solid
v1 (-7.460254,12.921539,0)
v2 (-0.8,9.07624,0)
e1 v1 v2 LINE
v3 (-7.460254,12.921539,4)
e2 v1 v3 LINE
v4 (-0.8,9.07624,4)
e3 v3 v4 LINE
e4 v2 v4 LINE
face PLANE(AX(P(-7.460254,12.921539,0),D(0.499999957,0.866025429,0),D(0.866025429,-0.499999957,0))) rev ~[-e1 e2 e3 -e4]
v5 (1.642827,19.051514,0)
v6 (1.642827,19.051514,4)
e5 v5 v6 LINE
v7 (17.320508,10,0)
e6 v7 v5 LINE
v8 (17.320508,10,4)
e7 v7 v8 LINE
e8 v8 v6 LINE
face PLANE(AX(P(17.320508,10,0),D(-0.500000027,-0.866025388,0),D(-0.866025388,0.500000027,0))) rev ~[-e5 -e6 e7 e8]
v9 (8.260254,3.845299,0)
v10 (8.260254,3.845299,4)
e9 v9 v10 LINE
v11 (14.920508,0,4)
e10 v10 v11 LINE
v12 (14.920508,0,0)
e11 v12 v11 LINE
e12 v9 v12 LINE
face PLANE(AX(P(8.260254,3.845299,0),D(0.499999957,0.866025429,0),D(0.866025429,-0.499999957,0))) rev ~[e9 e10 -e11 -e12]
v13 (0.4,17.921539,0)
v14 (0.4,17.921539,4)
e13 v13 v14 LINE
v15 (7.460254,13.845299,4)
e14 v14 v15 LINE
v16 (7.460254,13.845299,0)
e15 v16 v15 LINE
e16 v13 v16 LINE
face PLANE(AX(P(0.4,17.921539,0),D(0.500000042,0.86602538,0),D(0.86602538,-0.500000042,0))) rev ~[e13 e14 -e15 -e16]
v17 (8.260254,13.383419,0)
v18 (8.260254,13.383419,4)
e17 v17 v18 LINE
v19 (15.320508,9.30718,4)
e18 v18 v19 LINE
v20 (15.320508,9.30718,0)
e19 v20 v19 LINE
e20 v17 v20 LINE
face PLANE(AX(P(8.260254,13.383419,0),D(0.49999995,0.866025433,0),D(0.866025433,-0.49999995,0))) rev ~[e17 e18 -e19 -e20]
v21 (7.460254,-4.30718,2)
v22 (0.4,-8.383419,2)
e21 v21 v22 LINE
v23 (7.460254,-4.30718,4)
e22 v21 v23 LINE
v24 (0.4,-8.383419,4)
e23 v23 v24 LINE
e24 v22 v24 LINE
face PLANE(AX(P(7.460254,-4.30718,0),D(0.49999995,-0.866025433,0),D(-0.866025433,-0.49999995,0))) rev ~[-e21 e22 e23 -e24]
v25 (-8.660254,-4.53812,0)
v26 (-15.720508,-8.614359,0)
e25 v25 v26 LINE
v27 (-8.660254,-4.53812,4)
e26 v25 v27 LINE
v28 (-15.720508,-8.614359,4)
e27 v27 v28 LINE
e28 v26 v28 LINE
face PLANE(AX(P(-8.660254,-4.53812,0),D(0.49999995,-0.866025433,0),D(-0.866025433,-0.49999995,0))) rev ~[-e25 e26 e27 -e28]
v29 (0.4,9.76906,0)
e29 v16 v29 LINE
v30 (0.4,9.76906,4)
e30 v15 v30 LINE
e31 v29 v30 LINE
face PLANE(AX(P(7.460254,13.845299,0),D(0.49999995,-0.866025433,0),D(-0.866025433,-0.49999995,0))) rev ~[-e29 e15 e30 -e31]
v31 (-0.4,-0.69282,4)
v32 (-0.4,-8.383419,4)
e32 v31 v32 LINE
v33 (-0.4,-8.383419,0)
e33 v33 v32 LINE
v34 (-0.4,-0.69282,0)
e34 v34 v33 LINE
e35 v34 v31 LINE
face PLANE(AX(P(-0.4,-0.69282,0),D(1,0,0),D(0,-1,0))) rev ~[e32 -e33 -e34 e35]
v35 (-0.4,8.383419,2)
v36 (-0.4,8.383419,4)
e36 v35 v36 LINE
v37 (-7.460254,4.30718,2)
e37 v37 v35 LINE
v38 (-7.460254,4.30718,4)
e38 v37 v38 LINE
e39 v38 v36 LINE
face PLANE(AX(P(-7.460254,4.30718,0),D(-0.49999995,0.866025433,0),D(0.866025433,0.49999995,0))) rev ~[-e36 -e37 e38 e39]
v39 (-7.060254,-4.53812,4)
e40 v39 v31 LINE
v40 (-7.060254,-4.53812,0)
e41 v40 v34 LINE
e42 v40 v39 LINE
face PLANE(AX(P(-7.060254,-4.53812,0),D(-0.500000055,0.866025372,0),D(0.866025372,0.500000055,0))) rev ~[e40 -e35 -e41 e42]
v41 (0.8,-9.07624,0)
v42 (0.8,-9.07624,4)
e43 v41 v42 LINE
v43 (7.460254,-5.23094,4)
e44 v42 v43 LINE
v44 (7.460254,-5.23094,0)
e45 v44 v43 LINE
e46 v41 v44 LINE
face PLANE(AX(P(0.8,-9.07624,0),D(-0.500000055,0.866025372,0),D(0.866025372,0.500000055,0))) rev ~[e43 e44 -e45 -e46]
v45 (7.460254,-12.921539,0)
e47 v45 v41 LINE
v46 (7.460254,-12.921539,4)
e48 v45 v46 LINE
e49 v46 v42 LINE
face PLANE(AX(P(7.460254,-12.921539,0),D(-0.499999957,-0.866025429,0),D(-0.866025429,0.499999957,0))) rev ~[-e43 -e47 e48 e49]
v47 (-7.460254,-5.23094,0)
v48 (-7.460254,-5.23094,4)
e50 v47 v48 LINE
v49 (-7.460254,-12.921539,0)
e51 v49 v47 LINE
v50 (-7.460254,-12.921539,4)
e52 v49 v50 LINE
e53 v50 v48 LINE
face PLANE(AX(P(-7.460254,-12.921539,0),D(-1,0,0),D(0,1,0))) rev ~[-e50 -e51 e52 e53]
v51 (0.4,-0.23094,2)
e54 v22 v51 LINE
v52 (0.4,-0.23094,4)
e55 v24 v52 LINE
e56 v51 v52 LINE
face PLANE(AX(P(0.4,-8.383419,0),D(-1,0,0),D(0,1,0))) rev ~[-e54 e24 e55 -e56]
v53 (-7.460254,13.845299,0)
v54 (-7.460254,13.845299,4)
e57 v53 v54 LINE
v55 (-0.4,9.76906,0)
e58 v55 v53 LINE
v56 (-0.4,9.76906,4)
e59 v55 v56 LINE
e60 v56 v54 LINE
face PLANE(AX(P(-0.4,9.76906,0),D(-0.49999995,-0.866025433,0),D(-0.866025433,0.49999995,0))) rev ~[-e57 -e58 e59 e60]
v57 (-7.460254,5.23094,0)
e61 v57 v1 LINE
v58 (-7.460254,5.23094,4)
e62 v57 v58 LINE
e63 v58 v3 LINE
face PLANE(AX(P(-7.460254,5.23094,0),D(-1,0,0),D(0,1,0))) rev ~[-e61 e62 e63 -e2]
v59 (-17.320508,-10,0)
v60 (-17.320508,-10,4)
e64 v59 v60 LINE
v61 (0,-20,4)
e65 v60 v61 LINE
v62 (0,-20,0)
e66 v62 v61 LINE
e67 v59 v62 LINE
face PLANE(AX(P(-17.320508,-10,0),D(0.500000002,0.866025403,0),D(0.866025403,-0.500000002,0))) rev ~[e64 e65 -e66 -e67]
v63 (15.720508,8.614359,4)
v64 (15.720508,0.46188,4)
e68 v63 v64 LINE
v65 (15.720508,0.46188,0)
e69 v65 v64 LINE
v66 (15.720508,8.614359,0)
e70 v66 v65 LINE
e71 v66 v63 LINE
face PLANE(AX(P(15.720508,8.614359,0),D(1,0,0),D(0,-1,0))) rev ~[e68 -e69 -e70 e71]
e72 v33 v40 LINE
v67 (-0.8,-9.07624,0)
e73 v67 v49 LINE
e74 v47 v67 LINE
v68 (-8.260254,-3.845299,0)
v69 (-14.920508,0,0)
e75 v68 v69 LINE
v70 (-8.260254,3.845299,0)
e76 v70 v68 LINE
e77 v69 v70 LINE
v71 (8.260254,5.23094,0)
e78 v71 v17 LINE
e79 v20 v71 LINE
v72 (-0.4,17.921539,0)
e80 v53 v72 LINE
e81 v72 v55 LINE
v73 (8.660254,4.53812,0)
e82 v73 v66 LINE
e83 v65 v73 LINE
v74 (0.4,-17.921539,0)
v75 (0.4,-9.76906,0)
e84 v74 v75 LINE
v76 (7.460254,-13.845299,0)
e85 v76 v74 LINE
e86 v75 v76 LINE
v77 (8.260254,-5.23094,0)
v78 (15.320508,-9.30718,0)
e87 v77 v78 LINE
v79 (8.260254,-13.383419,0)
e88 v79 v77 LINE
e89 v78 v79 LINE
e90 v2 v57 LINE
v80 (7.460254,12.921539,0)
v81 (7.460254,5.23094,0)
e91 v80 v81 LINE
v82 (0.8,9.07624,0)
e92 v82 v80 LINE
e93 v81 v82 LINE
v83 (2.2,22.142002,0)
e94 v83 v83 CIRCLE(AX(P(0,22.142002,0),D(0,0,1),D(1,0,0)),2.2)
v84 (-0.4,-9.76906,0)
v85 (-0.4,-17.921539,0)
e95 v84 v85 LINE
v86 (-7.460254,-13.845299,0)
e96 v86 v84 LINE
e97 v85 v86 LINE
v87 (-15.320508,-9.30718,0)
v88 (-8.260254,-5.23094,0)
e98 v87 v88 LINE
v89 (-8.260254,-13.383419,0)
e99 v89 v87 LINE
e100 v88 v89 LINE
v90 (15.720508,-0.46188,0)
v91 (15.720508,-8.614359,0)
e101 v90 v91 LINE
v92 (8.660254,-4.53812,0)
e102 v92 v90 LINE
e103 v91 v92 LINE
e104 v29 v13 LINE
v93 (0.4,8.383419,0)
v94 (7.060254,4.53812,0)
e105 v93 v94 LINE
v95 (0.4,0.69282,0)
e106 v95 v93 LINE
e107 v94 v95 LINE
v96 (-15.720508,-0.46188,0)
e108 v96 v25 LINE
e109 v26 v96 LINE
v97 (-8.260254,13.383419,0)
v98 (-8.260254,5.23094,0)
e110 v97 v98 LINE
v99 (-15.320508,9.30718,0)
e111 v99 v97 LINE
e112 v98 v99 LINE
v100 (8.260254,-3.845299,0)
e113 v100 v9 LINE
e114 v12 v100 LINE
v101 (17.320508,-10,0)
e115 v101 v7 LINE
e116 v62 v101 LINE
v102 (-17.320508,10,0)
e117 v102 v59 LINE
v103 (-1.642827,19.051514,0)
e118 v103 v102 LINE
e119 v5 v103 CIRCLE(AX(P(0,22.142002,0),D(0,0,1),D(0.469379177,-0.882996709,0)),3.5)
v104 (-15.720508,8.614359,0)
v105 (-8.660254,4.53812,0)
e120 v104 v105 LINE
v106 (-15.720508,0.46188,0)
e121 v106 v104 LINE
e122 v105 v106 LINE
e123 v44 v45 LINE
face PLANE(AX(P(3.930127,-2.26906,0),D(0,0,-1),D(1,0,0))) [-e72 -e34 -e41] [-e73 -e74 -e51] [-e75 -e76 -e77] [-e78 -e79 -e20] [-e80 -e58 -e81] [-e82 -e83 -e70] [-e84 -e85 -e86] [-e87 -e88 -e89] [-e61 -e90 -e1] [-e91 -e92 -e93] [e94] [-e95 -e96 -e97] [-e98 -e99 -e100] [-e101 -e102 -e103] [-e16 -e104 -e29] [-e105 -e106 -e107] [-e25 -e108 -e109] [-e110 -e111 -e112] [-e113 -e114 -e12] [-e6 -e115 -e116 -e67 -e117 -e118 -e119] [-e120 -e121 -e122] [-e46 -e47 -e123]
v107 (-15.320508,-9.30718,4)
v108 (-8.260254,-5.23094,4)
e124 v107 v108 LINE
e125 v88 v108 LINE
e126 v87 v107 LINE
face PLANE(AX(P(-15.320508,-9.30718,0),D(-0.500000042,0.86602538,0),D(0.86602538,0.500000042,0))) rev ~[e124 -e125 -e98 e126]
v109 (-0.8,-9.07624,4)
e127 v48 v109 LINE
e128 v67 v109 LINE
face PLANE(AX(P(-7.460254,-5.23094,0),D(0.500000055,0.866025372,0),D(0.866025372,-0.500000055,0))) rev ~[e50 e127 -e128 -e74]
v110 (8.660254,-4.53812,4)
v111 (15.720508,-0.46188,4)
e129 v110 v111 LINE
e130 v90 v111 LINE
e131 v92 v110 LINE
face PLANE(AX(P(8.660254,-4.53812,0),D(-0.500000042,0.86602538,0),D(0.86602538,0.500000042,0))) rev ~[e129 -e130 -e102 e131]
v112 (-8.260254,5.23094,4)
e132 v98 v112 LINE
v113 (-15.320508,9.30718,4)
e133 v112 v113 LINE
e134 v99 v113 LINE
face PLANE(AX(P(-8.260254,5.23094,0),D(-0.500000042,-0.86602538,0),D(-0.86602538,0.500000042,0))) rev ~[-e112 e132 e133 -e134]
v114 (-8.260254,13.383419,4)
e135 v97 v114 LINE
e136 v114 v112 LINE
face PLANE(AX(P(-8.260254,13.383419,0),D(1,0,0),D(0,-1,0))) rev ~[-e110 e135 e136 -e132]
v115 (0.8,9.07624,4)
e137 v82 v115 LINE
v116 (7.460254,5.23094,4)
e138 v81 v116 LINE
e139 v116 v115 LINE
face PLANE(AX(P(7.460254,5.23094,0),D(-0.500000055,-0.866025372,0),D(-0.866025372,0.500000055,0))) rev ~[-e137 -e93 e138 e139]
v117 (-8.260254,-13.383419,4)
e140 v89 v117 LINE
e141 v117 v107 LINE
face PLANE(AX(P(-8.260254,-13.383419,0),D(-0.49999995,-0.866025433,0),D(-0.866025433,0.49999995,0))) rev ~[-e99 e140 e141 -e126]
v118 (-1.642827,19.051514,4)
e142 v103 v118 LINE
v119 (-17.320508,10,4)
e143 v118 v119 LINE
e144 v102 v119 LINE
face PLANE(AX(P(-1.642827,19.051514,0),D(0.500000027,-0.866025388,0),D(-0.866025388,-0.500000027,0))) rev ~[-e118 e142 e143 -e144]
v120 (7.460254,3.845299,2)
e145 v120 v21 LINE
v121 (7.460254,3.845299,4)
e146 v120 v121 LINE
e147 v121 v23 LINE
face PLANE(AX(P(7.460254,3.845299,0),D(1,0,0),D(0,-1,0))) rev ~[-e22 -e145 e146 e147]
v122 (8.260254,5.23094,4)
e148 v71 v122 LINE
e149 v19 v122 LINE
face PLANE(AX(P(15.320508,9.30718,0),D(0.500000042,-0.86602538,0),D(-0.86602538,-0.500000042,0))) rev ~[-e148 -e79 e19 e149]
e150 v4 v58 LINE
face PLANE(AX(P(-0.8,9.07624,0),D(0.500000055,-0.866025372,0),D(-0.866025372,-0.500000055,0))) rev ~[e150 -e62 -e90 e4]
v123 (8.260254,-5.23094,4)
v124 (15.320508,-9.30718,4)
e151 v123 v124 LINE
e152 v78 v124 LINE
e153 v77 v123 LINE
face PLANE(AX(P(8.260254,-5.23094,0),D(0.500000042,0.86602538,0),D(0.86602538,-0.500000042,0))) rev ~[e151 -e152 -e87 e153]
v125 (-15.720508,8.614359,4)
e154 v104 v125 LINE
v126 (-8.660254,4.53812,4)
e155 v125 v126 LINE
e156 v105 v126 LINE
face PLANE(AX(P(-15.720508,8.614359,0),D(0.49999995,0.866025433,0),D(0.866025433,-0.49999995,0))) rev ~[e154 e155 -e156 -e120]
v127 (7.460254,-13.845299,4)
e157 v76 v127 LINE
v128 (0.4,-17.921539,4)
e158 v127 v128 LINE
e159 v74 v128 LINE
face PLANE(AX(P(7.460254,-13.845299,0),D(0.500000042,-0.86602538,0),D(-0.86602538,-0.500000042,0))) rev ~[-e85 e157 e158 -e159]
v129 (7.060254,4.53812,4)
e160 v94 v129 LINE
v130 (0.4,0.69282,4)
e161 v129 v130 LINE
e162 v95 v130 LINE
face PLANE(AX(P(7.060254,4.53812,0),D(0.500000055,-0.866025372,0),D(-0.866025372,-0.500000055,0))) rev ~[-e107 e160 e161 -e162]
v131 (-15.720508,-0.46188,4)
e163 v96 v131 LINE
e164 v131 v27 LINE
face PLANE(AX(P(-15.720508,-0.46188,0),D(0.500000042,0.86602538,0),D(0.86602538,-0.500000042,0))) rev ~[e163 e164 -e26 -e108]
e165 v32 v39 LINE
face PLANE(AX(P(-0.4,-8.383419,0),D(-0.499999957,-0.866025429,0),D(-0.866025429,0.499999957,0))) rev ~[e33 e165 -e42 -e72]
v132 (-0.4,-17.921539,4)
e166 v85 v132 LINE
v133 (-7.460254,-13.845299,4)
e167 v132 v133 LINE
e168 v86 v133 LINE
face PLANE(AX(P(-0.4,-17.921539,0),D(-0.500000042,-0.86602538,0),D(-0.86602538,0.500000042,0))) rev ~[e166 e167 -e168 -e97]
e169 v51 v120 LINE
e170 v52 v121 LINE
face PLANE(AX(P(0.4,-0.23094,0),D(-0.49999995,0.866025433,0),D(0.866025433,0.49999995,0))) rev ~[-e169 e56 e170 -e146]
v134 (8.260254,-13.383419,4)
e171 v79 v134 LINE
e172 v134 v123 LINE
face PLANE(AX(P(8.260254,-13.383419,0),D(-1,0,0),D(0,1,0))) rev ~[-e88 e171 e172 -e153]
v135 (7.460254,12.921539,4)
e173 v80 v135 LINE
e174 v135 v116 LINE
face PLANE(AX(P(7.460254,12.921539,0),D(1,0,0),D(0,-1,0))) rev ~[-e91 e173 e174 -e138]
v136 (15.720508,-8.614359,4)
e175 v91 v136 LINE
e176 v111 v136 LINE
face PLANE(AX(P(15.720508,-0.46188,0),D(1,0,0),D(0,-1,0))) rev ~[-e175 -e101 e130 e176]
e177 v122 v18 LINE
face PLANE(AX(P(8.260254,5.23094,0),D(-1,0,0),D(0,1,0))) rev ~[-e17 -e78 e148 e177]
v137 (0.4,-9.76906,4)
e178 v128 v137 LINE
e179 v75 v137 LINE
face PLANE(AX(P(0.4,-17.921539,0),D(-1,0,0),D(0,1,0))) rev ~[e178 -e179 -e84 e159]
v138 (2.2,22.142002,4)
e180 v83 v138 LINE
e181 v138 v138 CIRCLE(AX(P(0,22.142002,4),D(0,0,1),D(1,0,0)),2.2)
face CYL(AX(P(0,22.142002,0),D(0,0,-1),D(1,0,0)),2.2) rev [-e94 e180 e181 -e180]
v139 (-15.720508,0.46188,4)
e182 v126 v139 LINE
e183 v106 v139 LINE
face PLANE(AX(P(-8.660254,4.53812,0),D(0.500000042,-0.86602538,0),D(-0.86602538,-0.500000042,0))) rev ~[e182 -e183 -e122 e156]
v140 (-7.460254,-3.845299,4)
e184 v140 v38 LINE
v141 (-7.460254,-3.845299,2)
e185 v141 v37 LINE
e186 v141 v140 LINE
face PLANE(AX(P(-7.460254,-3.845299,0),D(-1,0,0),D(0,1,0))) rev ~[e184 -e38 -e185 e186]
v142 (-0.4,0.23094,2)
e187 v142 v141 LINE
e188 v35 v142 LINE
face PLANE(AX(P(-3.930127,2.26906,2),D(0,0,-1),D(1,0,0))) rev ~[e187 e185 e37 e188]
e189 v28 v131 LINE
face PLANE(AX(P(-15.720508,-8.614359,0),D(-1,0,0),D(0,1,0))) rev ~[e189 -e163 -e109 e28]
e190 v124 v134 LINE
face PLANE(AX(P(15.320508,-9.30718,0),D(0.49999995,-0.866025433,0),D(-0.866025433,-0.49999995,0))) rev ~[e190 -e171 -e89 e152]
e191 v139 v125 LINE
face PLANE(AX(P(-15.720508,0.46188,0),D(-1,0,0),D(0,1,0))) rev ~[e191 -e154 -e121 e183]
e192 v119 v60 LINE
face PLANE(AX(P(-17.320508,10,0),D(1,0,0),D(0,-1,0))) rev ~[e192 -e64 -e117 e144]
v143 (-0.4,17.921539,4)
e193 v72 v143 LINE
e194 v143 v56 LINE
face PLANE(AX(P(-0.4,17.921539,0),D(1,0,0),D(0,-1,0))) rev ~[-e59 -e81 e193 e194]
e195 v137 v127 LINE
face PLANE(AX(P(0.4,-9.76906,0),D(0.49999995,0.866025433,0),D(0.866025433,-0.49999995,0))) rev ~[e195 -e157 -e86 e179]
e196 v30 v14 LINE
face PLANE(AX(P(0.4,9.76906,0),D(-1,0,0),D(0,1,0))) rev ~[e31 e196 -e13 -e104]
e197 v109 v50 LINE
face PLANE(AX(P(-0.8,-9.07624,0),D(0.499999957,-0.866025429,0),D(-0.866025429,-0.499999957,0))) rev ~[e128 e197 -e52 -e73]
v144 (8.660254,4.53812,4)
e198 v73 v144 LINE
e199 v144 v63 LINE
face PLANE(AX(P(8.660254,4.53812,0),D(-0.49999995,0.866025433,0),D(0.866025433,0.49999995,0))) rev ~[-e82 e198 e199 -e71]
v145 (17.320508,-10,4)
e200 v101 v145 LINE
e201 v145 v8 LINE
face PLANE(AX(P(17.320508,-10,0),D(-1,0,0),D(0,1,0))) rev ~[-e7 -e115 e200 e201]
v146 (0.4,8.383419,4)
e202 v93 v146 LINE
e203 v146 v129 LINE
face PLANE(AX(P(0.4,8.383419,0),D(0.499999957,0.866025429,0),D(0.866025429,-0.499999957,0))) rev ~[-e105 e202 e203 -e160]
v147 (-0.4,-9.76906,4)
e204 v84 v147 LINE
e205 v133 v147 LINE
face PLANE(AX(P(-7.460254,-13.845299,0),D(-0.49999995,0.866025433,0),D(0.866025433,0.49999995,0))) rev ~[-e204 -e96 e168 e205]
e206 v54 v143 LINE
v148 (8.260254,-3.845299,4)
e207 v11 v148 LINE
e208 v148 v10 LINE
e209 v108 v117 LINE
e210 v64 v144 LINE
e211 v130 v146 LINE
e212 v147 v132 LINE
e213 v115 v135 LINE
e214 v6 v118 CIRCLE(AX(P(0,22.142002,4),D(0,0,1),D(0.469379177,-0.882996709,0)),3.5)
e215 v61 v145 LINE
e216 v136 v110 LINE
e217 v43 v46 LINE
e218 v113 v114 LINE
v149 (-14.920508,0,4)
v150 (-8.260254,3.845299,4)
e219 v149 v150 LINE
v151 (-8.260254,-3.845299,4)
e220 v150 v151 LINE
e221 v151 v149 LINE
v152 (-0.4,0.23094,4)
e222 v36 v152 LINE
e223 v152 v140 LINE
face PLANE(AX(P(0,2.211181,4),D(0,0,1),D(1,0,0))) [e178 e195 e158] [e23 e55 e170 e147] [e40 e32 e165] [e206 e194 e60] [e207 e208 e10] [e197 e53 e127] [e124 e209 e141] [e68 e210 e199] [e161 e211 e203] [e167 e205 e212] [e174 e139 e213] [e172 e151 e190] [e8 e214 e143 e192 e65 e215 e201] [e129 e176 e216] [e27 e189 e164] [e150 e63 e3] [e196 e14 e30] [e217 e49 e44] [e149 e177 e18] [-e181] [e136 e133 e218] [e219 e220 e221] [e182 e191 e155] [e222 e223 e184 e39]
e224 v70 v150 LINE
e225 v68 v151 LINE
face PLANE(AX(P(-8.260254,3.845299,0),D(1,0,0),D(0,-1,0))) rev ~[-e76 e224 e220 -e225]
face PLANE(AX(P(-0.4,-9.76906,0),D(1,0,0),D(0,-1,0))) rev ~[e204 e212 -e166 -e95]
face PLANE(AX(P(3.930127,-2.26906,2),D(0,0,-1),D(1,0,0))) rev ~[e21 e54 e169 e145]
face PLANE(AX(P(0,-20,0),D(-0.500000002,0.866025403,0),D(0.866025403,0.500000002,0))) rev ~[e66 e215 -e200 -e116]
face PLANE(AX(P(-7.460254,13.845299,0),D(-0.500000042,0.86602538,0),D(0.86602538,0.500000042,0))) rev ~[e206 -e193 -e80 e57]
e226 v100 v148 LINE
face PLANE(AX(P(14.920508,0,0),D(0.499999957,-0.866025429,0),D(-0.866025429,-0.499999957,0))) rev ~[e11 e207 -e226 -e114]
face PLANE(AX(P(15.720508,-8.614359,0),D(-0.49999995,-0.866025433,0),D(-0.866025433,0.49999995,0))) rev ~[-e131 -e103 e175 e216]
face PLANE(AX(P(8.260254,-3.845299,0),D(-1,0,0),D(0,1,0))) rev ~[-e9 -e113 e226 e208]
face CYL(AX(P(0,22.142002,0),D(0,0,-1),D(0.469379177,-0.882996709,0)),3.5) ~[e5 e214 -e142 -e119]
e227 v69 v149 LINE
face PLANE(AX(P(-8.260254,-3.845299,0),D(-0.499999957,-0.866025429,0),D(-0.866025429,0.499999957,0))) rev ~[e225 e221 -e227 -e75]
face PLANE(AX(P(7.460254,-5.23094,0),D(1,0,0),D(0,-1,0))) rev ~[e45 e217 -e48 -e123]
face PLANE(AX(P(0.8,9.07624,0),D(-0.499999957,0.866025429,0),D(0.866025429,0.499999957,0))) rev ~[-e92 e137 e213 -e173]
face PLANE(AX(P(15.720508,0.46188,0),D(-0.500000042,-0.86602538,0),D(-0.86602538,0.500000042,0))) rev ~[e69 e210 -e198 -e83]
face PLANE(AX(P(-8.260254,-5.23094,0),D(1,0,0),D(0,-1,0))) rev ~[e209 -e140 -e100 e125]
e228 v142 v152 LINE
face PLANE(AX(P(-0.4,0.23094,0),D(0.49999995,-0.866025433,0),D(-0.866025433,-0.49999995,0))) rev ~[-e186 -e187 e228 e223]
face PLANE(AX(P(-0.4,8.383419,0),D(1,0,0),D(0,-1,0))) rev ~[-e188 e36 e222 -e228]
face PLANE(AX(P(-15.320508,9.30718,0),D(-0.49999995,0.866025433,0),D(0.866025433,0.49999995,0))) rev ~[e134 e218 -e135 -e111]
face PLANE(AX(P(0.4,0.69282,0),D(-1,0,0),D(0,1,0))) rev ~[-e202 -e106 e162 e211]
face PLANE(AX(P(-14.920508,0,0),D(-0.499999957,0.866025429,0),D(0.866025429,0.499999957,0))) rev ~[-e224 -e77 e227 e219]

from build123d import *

# Parameters (mm, degrees)
F0_R     = 2.2
F1_DEPTH = 4
F3_DEPTH = 2


with BuildPart() as f1:
    # F0 (on Top) → F1 (new body)
    with BuildSketch(Plane.XY):
        with BuildLine():
            Line((17.320508, 10), (1.642827, 19.051514))
            ThreePointArc((1.642827, 19.051514), (0, 25.642002), (-1.642827, 19.051514))
            Line((-1.642827, 19.051514), (-17.320508, 10))
            Line((-17.320508, 10), (-17.320508, -10))
            Line((-17.320508, -10), (0, -20))
            Line((0, -20), (17.320508, -10))
            Line((17.320508, -10), (17.320508, 10))
        make_face()
        Polygon((-8.260254, -5.23094), (-8.260254, -13.383419), (-15.320508, -9.30718), align=None, mode=Mode.SUBTRACT)
        Polygon((-0.4, -9.76906), (-0.4, -17.921539), (-7.460254, -13.845299), align=None, mode=Mode.SUBTRACT)
        Polygon((-0.8, -9.07624), (-7.460254, -12.921539), (-7.460254, -5.23094), align=None, mode=Mode.SUBTRACT)
        Polygon((-8.660254, -4.53812), (-15.720508, -8.614359), (-15.720508, -0.46188), align=None, mode=Mode.SUBTRACT)
        Polygon((-8.260254, -3.845299), (-14.920508, 0), (-8.260254, 3.845299), align=None, mode=Mode.SUBTRACT)
        Polygon((-0.4, -8.383419), (-7.060254, -4.53812), (-0.4, -0.69282), align=None, mode=Mode.SUBTRACT)
        Polygon((-7.460254, -3.845299), (-7.460254, 4.30718), (-0.4, 8.383419), (-0.4, 0.23094), align=None, mode=Mode.SUBTRACT)
        Polygon((7.460254, -13.845299), (0.4, -17.921539), (0.4, -9.76906), align=None, mode=Mode.SUBTRACT)
        Polygon((7.460254, -5.23094), (7.460254, -12.921539), (0.8, -9.07624), align=None, mode=Mode.SUBTRACT)
        Polygon((8.260254, -5.23094), (15.320508, -9.30718), (8.260254, -13.383419), align=None, mode=Mode.SUBTRACT)
        Polygon((0.4, -8.383419), (0.4, -0.23094), (7.460254, 3.845299), (7.460254, -4.30718), align=None, mode=Mode.SUBTRACT)
        Polygon((15.720508, -0.46188), (15.720508, -8.614359), (8.660254, -4.53812), align=None, mode=Mode.SUBTRACT)
        Polygon((8.260254, 3.845299), (14.920508, 0), (8.260254, -3.845299), align=None, mode=Mode.SUBTRACT)
        Polygon((-8.660254, 4.53812), (-15.720508, 0.46188), (-15.720508, 8.614359), align=None, mode=Mode.SUBTRACT)
        Polygon((-8.260254, 5.23094), (-15.320508, 9.30718), (-8.260254, 13.383419), align=None, mode=Mode.SUBTRACT)
        Polygon((-7.460254, 12.921539), (-0.8, 9.07624), (-7.460254, 5.23094), align=None, mode=Mode.SUBTRACT)
        Polygon((-0.4, 9.76906), (-7.460254, 13.845299), (-0.4, 17.921539), align=None, mode=Mode.SUBTRACT)
        Polygon((0.4, 8.383419), (7.060254, 4.53812), (0.4, 0.69282), align=None, mode=Mode.SUBTRACT)
        Polygon((7.460254, 5.23094), (0.8, 9.07624), (7.460254, 12.921539), align=None, mode=Mode.SUBTRACT)
        Polygon((0.4, 9.76906), (0.4, 17.921539), (7.460254, 13.845299), align=None, mode=Mode.SUBTRACT)
        Polygon((8.660254, 4.53812), (15.720508, 8.614359), (15.720508, 0.46188), align=None, mode=Mode.SUBTRACT)
        Polygon((8.260254, 5.23094), (8.260254, 13.383419), (15.320508, 9.30718), align=None, mode=Mode.SUBTRACT)
        with Locations((0, 22.142002)):
            Circle(F0_R, mode=Mode.SUBTRACT)
    extrude(amount=F1_DEPTH)

    # F2 (on face) → F3 (join)
    with BuildSketch(Plane(origin=(0, 0, 0), x_dir=(1, 0, 0), z_dir=(0, 0, -1))):
        Polygon((0.4, 0.23094), (7.460254, -3.845299), (7.460254, 4.30718), (0.4, 8.383419), align=None)
        Polygon((-7.460254, -4.30718), (-0.4, -8.383419), (-0.4, -0.23094), (-7.460254, 3.845299), align=None)
    extrude(amount=-F3_DEPTH)


solid = f1.part
